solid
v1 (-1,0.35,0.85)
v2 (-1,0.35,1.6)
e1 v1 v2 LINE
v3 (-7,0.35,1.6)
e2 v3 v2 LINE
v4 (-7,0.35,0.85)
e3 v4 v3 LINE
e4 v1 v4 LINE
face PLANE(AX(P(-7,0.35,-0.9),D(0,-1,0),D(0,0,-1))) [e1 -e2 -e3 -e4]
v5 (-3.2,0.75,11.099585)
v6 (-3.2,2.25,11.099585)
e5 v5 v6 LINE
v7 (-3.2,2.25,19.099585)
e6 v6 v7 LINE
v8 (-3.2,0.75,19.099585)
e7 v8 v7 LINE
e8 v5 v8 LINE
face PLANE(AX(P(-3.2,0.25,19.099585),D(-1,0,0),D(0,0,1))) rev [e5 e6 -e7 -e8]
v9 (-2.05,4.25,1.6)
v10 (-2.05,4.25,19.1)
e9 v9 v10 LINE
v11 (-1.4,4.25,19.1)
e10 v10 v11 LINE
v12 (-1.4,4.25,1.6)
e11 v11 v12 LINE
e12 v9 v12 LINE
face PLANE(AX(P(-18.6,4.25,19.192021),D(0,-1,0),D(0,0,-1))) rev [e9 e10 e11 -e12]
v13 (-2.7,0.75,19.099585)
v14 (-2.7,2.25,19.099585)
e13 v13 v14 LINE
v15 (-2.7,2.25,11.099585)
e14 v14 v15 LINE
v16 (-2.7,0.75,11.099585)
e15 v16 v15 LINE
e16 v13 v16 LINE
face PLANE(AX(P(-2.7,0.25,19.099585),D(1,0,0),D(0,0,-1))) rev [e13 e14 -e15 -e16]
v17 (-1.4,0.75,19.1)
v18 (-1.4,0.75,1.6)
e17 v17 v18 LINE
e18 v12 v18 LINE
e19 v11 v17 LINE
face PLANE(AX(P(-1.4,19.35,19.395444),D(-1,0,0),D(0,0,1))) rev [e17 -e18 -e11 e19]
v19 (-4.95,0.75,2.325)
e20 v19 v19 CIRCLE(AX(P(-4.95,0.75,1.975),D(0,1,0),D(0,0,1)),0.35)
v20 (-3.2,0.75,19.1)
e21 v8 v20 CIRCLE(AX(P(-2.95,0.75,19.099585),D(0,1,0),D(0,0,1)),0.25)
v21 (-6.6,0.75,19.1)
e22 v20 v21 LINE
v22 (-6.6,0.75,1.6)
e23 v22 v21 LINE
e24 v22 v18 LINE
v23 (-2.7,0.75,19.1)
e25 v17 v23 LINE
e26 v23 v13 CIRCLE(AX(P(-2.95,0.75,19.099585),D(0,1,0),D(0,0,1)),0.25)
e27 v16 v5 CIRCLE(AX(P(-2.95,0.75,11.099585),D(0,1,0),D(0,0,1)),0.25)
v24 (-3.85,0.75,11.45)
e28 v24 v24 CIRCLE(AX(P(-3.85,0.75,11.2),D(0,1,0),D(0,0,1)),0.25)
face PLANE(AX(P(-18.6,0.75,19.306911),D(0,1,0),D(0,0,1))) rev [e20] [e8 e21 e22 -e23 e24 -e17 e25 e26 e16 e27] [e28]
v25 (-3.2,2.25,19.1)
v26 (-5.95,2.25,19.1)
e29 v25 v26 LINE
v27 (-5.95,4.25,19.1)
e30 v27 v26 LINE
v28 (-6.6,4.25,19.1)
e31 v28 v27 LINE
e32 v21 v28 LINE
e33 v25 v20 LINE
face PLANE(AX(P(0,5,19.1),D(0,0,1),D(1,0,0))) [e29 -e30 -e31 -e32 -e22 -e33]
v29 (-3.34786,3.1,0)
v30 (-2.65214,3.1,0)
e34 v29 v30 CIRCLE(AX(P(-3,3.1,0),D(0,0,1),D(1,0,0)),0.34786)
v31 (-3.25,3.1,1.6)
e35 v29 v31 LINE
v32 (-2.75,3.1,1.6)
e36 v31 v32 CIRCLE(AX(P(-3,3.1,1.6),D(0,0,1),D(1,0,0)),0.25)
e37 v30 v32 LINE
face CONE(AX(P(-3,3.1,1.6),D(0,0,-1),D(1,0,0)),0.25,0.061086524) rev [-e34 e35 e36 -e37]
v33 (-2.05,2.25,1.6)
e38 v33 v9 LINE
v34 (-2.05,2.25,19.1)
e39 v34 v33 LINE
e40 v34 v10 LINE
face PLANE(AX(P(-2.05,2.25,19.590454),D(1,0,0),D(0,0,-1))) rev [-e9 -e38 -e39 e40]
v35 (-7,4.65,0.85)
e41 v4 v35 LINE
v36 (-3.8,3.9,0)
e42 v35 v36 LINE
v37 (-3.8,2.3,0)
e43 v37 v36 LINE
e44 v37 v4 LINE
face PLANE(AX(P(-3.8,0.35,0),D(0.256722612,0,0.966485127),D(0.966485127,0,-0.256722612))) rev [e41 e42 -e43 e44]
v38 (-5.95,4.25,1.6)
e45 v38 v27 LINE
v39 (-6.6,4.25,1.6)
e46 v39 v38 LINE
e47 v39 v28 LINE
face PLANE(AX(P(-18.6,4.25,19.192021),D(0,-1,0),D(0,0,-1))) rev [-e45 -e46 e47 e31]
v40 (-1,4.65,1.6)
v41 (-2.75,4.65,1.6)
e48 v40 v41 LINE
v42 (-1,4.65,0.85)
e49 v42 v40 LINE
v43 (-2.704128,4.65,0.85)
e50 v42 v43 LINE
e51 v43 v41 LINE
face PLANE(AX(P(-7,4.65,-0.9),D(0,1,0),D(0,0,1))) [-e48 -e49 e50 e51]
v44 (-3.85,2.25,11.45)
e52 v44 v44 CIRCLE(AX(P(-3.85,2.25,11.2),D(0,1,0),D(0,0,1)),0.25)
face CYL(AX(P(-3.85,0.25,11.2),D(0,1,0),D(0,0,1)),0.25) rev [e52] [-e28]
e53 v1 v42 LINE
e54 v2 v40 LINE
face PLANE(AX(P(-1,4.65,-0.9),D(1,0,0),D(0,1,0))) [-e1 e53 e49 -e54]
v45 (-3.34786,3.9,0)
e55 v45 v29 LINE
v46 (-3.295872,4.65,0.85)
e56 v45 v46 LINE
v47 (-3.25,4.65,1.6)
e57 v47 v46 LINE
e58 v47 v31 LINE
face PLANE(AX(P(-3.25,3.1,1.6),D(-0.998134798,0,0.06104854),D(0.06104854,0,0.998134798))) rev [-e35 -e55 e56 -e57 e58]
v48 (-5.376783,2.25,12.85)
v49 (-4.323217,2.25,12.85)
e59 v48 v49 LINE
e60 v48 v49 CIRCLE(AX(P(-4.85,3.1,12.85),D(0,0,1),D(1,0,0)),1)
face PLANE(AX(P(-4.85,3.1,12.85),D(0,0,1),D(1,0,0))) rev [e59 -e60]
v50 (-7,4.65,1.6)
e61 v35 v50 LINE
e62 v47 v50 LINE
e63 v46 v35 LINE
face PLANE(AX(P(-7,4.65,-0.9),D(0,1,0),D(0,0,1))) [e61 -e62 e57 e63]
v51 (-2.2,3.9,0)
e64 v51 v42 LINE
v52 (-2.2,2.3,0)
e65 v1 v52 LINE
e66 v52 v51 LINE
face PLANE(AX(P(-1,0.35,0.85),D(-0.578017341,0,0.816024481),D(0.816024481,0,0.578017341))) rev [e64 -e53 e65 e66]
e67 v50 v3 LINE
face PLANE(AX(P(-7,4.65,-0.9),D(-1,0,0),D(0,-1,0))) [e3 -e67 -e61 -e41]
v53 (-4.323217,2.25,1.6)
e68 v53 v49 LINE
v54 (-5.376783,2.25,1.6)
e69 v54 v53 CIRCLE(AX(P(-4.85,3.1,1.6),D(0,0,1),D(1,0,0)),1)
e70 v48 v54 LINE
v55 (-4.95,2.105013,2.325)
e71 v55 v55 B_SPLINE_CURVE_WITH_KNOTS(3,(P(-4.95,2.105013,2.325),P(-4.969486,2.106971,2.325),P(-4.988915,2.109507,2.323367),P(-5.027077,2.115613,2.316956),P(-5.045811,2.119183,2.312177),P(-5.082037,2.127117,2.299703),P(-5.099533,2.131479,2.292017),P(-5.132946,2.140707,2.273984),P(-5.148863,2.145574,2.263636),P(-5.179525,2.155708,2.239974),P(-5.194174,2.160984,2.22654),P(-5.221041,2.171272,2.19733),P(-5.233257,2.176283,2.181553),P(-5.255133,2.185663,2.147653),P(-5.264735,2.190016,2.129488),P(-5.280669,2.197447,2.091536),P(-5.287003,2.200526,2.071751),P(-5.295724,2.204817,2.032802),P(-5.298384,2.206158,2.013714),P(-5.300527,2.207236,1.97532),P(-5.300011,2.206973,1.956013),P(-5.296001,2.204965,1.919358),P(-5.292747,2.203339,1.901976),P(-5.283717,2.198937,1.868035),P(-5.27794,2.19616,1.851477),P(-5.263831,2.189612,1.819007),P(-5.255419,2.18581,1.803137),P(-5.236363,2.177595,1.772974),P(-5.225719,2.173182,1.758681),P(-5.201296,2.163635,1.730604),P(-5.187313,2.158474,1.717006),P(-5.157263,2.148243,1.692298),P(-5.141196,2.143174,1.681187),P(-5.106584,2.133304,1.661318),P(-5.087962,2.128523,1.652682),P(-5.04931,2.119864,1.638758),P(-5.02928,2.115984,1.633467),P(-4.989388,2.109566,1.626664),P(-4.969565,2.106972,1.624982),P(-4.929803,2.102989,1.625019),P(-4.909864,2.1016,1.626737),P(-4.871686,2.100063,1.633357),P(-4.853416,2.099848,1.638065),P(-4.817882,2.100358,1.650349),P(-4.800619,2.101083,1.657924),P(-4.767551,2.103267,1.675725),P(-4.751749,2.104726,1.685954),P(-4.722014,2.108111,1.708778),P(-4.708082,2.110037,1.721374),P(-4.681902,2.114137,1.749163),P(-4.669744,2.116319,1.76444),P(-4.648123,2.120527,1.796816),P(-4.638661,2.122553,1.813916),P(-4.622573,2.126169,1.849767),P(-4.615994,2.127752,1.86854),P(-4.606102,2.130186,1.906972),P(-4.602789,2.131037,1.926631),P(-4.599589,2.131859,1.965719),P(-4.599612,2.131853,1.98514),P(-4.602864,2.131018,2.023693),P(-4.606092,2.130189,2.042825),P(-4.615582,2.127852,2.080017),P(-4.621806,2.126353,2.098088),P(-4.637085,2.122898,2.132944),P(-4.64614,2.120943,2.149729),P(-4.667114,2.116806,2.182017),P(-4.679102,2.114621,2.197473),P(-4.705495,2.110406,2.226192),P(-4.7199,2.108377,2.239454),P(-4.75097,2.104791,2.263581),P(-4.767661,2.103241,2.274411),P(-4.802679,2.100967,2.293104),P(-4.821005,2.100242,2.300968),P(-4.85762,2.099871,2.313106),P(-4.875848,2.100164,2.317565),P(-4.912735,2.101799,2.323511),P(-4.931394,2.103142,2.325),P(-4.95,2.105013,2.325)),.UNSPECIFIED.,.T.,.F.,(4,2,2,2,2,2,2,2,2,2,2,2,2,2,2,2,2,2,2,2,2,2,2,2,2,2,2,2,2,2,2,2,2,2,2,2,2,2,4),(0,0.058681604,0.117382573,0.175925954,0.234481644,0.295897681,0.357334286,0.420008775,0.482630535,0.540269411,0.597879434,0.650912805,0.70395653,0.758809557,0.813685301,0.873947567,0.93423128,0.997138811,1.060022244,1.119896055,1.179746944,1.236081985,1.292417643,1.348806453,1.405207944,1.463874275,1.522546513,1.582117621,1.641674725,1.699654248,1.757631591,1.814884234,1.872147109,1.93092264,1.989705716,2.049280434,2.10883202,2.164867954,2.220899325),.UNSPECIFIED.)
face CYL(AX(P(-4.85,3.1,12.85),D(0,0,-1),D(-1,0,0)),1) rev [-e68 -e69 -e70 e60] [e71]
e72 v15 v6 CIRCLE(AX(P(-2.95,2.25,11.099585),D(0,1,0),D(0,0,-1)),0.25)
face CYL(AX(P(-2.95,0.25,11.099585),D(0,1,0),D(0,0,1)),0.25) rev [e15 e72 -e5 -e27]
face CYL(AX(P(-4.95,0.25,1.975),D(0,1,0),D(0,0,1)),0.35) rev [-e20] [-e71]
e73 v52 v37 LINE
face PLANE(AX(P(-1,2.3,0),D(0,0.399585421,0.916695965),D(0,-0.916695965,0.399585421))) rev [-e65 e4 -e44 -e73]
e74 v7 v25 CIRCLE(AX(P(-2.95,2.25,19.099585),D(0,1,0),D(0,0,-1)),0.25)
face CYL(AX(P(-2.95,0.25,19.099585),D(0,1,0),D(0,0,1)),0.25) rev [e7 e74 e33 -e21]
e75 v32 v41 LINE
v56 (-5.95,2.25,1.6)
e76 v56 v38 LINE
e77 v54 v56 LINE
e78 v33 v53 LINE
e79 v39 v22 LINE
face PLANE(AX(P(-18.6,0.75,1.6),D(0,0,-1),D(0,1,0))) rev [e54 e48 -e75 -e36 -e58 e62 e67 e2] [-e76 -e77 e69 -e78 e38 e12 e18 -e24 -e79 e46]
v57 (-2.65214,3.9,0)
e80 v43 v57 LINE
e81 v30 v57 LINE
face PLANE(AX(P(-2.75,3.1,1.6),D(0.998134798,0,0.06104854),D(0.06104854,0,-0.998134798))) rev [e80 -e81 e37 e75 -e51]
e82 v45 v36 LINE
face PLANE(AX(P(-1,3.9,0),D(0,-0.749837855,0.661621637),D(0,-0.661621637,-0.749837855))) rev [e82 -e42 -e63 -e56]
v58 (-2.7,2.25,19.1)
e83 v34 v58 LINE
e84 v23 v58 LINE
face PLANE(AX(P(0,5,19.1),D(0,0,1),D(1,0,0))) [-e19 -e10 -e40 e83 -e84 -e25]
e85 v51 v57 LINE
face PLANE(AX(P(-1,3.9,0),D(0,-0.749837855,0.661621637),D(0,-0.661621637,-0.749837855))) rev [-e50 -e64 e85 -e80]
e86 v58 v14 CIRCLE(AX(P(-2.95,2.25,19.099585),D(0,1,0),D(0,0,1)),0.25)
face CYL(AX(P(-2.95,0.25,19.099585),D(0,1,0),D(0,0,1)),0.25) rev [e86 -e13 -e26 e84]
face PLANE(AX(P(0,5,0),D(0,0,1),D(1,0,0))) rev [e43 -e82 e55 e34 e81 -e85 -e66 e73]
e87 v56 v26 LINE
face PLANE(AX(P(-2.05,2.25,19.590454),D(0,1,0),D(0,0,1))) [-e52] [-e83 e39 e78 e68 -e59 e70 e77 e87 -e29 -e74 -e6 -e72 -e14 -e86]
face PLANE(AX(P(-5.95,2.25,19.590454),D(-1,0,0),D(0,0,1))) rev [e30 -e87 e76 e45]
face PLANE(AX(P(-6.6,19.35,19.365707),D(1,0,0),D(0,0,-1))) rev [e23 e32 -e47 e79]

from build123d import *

# Parameters (mm, degrees)
SKETCH4_W           = 8
SKETCH4_H           = 5
EXTRUDE1_DEPTH      = 19.1
SKETCH6_W           = 17.706910835
SKETCH6_H           = 1.662230216
CUT_EXTRUDE1_DEPTH  = 18.6
SKETCH7_W           = 17.592020929
SKETCH7_H           = 1.332722913
CUT_EXTRUDE2_DEPTH  = 18.6
SKETCH8_W           = 5.300719424
SKETCH8_H           = 17.765707434
SKETCH8_W_2         = 2.943884892
SKETCH8_H_2         = 17.795443645
CUT_EXTRUDE3_DEPTH  = 18.6
SKETCH10_W          = 3.9
SKETCH10_H          = 17.990453763
CUT_EXTRUDE4_DEPTH  = 2
SKETCH11_R          = 0.25
CUT_EXTRUDE5_DEPTH  = 2
CUT_EXTRUDE6_DEPTH  = 2
SKETCH14_R          = 0.35
CUT_EXTRUDE8_DEPTH  = 2
CUT_EXTRUDE16_DEPTH = 2.6
CUT_EXTRUDE16_DRAFT = 3.5
SKETCH29_W          = 8
SKETCH29_H          = 5
SKETCH29_W_2        = 6
SKETCH29_H_2        = 4.3
CUT_EXTRUDE19_DEPTH = 2.5
CUT_EXTRUDE20_DEPTH = 5.3
CUT_EXTRUDE21_DEPTH = 7
SKETCH19_R          = 1
CUT_EXTRUDE11_DEPTH = 11.25


with BuildPart() as part:
    # Sketch4 → Extrude1 (new body)
    with BuildSketch(Plane.XY):
        with Locations((-4, 2.5)):
            Rectangle(SKETCH4_W, SKETCH4_H)
    extrude(amount=EXTRUDE1_DEPTH)

    # Sketch6 → Cut-Extrude1 (cut)
    with BuildSketch(Plane(origin=(0, 0, 0), x_dir=(0, 0, -1), z_dir=(1, 0, 0))):
        with Locations((-10.453455418, -0.081115108)):
            Rectangle(SKETCH6_W, SKETCH6_H)
    extrude(amount=-CUT_EXTRUDE1_DEPTH, mode=Mode.SUBTRACT)

    # Sketch7 → Cut-Extrude2 (cut)
    with BuildSketch(Plane(origin=(0, 0, 0), x_dir=(0, 0, -1), z_dir=(1, 0, 0))):
        with Locations((-10.396010465, 4.916361457)):
            Rectangle(SKETCH7_W, SKETCH7_H)
    extrude(amount=-CUT_EXTRUDE2_DEPTH, mode=Mode.SUBTRACT)

    # Sketch8 → Cut-Extrude3 (cut)
    with BuildSketch(Plane.XZ.offset(-0.75)):
        with Locations((-9.250359712, 10.482853717)):
            Rectangle(SKETCH8_W, SKETCH8_H)
        with Locations((0.071942446, 10.497721823)):
            Rectangle(SKETCH8_W_2, SKETCH8_H_2)
    extrude(amount=-CUT_EXTRUDE3_DEPTH, mode=Mode.SUBTRACT)

    # Sketch10 → Cut-Extrude4 (cut)
    with BuildSketch(Plane(origin=(0, 4.25, 0), x_dir=(1, 0, 0), z_dir=(0, 1, 0))):
        with Locations((-4, -10.595226882)):
            Rectangle(SKETCH10_W, SKETCH10_H)
    extrude(amount=-CUT_EXTRUDE4_DEPTH, mode=Mode.SUBTRACT)

    # Sketch11 → Cut-Extrude5 (cut)
    with BuildSketch(Plane(origin=(0, 2.25, 0), x_dir=(1, 0, 0), z_dir=(0, 1, 0))):
        with Locations(Location((-3.85, -11.2, 0), (0, 0, 270))):  # turned: the seam where the file's is
            Circle(SKETCH11_R)
    extrude(amount=-CUT_EXTRUDE5_DEPTH, mode=Mode.SUBTRACT)

    # Sketch12 → Cut-Extrude6 (cut)
    with BuildSketch(Plane(origin=(0, 2.25, 0), x_dir=(1, 0, 0), z_dir=(0, 1, 0))):
        with BuildLine():
            Line((-3.2, -19.099584714), (-3.2, -11.099584714))
            ThreePointArc((-3.2, -11.099584714), (-2.95, -10.849584714), (-2.7, -11.099584714))
            Line((-2.7, -11.099584714), (-2.7, -19.099584714))
            ThreePointArc((-2.7, -19.099584714), (-2.95, -19.349584714), (-3.2, -19.099584714))
        make_face()
    extrude(amount=-CUT_EXTRUDE6_DEPTH, mode=Mode.SUBTRACT)

    # Sketch14 → Cut-Extrude8 (cut)
    with BuildSketch(Plane(origin=(0, 2.25, 0), x_dir=(1, 0, 0), z_dir=(0, 1, 0))):
        with Locations(Location((-4.95, -1.975, 0), (0, 0, 270))):  # turned: the seam where the file's is
            Circle(SKETCH14_R)
    extrude(amount=-CUT_EXTRUDE8_DEPTH, mode=Mode.SUBTRACT)


with BuildPart() as cut_extrude16_tool:
    # Sketch28 → Cut-Extrude16 (with draft: the straight prism first)
    with BuildSketch(Plane.XY.offset(1.6)):
        with BuildLine():
            ThreePointArc((-3.25, 3.1), (-3, 2.85), (-2.75, 3.1))
            Line((-2.75, 3.1), (-2.75, 5))
            Line((-2.75, 5), (-3.25, 5))
            Line((-3.25, 5), (-3.25, 3.1))
        make_face()
    extrude(amount=-CUT_EXTRUDE16_DEPTH)
    # Cut-Extrude16: the draft: its side faces are tilted about the plane it starts from
    cut_extrude16_sides = [cut_extrude16_tool.faces().sort_by_distance(p)[0] for p in [
        (-3, 2.85, 0.3),
        (-2.75, 4.05, 0.3),
        (-3, 5, 0.3),
        (-3.25, 4.05, 0.3),
    ]]
    draft(cut_extrude16_sides, Plane.XY.offset(1.6), CUT_EXTRUDE16_DRAFT)


with BuildPart() as part_1:
    add(part.part)

    # Cut-Extrude16: cut by cut_extrude16_tool
    add(cut_extrude16_tool.part, mode=Mode.SUBTRACT)

    # Sketch29 → Cut-Extrude19 (cut)
    with BuildSketch(Plane.XY.offset(1.6)):
        with Locations((-4, 2.5)):
            Rectangle(SKETCH29_W, SKETCH29_H)
        with Locations((-4, 2.5)):
            Rectangle(SKETCH29_W_2, SKETCH29_H_2, mode=Mode.SUBTRACT)
    extrude(amount=-CUT_EXTRUDE19_DEPTH, mode=Mode.SUBTRACT)

    # Sketch18 → Cut-Extrude20 (cut, through all)
    with BuildSketch(Plane(origin=(0, 4.65, 0), x_dir=(1, 0, 0), z_dir=(0, 1, 0))):
        Polygon((-3.8, 0), (-7, -0.85), (-7, 0), align=None)
        Polygon((-2.2, 0), (-1, 0), (-1, -0.85), align=None)
    extrude(amount=-CUT_EXTRUDE20_DEPTH, mode=Mode.SUBTRACT)

    # Sketch30 → Cut-Extrude21 (cut, through all)
    with BuildSketch(Plane.ZY.offset(7)):
        Polygon((0, 3.9), (0.85, 4.65), (0, 4.65), align=None)
        Polygon((0, 2.3), (0.85, 0.35), (0, 0.35), align=None)
    extrude(amount=-CUT_EXTRUDE21_DEPTH, mode=Mode.SUBTRACT)

    # Sketch19 → Cut-Extrude11 (cut)
    with BuildSketch(Plane.XY.offset(1.6)):
        with Locations((-4.85, 3.1)):
            Circle(SKETCH19_R)
    extrude(amount=CUT_EXTRUDE11_DEPTH, mode=Mode.SUBTRACT)


solid = part_1.part
